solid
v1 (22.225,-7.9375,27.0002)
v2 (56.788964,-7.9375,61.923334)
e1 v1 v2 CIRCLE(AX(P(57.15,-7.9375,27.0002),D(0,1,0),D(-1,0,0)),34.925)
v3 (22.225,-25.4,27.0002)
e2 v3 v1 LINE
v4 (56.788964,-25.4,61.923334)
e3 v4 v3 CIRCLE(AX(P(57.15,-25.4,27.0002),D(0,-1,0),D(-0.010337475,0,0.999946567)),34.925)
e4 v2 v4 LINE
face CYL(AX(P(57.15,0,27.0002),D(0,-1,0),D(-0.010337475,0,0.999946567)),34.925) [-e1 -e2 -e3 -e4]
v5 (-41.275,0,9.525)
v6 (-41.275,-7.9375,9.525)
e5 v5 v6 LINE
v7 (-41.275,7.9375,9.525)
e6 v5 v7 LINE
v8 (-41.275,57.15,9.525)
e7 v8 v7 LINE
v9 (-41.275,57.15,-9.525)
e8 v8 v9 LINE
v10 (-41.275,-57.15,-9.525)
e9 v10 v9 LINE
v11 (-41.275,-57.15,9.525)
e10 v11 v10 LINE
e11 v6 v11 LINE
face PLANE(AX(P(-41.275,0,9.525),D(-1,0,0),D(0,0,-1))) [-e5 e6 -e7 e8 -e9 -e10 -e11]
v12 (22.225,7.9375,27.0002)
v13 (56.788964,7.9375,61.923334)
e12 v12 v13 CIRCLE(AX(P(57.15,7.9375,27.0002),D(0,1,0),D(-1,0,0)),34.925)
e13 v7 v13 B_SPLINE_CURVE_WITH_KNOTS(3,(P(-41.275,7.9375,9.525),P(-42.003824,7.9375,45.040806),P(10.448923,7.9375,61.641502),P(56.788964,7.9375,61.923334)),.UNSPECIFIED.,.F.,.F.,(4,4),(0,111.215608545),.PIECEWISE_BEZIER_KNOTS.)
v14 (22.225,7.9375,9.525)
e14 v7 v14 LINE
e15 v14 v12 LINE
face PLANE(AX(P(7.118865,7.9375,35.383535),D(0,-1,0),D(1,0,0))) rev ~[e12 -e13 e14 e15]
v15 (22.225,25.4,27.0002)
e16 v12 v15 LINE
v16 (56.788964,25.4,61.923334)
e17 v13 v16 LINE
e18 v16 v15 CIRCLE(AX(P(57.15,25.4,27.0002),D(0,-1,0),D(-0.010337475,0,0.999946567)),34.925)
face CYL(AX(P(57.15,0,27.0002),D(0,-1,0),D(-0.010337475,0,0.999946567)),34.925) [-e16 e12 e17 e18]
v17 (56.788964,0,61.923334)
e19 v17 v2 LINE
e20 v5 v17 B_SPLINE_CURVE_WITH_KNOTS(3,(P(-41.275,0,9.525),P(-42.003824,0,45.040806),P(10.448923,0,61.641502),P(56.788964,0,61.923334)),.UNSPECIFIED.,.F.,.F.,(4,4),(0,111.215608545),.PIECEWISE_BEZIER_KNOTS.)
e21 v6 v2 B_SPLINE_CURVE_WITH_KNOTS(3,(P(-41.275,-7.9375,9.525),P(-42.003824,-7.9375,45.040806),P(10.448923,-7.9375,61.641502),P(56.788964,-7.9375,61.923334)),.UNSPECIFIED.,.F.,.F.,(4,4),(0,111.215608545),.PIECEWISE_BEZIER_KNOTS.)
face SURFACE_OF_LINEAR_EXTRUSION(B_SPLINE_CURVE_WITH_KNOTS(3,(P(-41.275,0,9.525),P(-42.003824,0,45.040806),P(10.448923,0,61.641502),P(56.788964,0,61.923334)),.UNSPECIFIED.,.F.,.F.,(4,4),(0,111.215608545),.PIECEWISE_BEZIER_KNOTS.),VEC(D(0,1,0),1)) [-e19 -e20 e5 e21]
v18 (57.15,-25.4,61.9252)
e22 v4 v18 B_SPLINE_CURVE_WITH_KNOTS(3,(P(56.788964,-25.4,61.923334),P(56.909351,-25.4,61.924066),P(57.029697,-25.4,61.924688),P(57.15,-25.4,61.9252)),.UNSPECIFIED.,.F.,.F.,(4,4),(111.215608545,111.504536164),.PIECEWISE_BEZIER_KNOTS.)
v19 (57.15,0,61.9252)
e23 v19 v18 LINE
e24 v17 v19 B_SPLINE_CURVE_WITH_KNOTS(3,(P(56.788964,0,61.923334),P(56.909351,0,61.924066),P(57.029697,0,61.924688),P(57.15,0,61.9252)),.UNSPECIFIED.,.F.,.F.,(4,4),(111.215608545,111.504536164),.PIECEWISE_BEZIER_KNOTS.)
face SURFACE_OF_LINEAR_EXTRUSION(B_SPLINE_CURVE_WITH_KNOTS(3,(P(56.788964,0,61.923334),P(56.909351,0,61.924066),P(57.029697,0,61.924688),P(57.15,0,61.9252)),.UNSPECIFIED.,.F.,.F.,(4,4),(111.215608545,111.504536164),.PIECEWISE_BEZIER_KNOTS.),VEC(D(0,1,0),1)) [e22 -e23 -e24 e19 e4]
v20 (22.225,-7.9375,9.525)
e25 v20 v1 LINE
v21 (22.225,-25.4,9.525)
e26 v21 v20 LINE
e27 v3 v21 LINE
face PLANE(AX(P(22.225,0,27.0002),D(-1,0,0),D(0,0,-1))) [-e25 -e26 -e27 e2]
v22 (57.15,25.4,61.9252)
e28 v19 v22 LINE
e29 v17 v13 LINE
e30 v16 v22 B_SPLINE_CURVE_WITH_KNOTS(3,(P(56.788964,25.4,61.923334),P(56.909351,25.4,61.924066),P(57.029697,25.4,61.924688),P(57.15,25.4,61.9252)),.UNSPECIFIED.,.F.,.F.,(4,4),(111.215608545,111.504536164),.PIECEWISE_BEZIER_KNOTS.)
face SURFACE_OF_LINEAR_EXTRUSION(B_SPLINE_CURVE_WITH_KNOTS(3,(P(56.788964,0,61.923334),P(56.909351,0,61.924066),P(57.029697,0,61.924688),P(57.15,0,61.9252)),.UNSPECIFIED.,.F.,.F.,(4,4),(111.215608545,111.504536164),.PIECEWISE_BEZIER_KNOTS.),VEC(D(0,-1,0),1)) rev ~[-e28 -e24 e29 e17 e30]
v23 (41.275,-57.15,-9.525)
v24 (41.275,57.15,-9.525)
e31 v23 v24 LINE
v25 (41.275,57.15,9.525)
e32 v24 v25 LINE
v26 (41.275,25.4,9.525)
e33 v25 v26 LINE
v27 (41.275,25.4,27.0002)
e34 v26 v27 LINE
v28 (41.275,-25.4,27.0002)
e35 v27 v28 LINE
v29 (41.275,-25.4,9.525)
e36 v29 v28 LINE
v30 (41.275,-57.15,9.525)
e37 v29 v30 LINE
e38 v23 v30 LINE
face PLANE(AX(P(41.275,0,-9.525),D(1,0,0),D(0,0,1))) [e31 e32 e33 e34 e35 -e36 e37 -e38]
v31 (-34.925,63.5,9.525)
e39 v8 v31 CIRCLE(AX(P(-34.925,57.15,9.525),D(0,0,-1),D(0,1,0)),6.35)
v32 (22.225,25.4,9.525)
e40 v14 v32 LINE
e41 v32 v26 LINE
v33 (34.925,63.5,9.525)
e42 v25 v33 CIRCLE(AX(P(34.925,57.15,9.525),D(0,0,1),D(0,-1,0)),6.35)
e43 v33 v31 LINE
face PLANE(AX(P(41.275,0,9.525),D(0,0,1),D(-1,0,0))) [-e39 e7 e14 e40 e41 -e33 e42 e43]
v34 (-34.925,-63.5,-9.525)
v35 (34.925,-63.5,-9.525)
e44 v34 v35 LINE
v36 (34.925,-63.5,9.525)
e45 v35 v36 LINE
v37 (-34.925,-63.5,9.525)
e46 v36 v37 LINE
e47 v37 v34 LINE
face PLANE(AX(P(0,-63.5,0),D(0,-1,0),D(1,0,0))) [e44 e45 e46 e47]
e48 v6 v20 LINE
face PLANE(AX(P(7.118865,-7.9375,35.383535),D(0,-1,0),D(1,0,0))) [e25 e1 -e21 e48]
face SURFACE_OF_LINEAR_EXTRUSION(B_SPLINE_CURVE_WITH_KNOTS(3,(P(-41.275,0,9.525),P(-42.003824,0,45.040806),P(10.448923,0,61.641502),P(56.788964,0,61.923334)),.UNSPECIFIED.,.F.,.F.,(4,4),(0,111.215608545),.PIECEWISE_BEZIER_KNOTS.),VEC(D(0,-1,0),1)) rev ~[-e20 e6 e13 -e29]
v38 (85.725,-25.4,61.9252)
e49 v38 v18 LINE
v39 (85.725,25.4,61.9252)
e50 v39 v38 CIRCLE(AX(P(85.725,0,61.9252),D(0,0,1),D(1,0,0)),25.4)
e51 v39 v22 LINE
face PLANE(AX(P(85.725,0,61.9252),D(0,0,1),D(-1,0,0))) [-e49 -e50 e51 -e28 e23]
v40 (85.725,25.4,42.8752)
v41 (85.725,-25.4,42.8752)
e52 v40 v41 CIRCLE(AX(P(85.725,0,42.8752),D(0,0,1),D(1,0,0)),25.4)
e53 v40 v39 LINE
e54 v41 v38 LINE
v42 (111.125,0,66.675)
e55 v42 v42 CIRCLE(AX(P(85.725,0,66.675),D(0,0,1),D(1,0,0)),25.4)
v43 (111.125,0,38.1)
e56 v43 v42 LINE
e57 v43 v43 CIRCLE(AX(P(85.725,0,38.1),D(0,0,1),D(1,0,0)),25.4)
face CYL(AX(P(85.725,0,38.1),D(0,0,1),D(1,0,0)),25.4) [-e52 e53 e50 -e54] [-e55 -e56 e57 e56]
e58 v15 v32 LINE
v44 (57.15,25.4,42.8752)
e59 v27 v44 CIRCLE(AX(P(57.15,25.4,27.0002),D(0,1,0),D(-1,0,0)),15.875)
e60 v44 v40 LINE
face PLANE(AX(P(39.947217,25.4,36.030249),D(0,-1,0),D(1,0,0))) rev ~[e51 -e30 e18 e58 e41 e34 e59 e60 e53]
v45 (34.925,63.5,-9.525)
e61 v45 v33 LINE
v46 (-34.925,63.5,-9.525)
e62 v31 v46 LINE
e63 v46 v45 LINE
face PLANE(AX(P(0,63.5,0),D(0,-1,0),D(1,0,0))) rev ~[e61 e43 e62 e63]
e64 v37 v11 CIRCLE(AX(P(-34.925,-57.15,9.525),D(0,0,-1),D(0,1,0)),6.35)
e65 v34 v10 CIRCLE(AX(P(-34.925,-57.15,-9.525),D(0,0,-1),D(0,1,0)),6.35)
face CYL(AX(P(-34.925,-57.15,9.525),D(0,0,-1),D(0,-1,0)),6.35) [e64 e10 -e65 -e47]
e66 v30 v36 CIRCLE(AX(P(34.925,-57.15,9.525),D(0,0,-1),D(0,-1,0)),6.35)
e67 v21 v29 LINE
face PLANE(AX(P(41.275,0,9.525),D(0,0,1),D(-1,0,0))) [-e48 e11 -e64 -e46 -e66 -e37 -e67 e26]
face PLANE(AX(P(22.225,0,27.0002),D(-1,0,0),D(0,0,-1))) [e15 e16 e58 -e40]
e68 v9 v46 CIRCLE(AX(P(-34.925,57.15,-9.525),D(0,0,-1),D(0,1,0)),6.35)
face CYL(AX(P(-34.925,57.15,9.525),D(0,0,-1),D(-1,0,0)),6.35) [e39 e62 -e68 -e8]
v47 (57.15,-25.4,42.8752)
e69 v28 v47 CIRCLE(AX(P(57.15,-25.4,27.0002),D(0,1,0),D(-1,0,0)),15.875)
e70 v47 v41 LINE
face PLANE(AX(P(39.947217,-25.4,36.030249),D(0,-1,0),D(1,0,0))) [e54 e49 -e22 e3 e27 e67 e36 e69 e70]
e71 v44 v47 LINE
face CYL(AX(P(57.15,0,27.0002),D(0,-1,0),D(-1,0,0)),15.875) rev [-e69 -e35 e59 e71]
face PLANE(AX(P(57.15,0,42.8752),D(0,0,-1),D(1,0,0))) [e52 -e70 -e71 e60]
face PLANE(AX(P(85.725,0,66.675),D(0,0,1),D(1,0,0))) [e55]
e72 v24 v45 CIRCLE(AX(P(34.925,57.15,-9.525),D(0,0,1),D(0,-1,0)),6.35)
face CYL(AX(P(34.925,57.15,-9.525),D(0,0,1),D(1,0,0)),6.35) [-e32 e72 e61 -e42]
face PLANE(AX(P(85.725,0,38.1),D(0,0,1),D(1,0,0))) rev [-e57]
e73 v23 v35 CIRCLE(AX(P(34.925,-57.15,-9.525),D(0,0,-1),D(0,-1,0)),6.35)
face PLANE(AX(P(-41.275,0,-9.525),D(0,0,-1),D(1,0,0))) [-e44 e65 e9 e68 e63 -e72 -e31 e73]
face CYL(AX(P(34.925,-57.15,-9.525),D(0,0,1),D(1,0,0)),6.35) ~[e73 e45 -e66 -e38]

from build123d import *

# Parameters (mm, degrees)
F1_DEPTH = 63.5
F0_W     = 25.4
F0_H     = 19.05
F2_DEPTH = 25.4
F4_R     = 6.35
F5_DEPTH = 7.9375


with BuildPart() as f1:
    # F0 (on Front) → F1 (new body, symmetric)
    with BuildSketch(Plane.XZ):
        Polygon((41.275, -9.525), (41.275, 9.525), (22.225, 9.525), (-41.275, 9.525), (-41.275, -9.525), align=None)
    extrude(amount=F1_DEPTH, both=True)

    # F0 (on Front) → F2 (join, symmetric)
    with BuildSketch(Plane.XZ):
        with BuildLine():
            Line((22.225, 9.525), (41.275, 9.525))
            Line((41.275, 9.525), (41.275, 27.0002))
            ThreePointArc((41.275, 27.0002), (45.9246798487, 38.2255201513), (57.15, 42.8752))
            Line((57.15, 42.8752), (60.325, 42.8752))
            Line((60.325, 42.8752), (60.325, 61.9252))
            Line((60.325, 61.9252), (57.15, 61.9252))
            add(Edge.make_bspline(
                [(56.7889636958, 61.9233338483), (56.9093507324, 61.9240660215), (57.0296965137, 61.9246880569), (57.15, 61.9252)],
                knots=[111.215608545, 111.215608545, 111.215608545, 111.215608545, 111.5045361635, 111.5045361635, 111.5045361635, 111.5045361635], degree=3))
            ThreePointArc((56.7889636958, 61.9233338483), (32.3269782468, 51.567927124), (22.225, 27.0002))
            Line((22.225, 27.0002), (22.225, 9.525))
        make_face()
        with Locations((73.025, 52.4002)):
            Rectangle(F0_W, F0_H)
    extrude(amount=F2_DEPTH, both=True)

    # F0 (on Front) → F3 (revolve)
    with BuildSketch(Plane.XZ):
        Polygon((85.725, 61.9252), (85.725, 42.8752), (85.725, 38.1), (111.125, 38.1), (111.125, 66.675), (85.725, 66.675), align=None)
    revolve(axis=Axis((85.725, 0, 52.3875), (0, 0, 1)))

    # F4
    f4_edges = [f1.edges().sort_by_distance(p)[0] for p in [
        (41.275, -63.5, 0),
        (-41.275, -63.5, 0),
        (41.275, 63.5, 0),
        (-41.275, 63.5, 0),
    ]]
    fillet(f4_edges, radius=F4_R)

    # F0 (on Front) → F5 (join, symmetric)
    with BuildSketch(Plane.XZ):
        with BuildLine():
            Line((-41.275, 9.525), (22.225, 9.525))
            Line((22.225, 9.525), (22.225, 27.0002))
            ThreePointArc((22.225, 27.0002), (32.3269782468, 51.567927124), (56.7889636958, 61.9233338483))
            add(Edge.make_bspline(
                [(-41.275, 9.525), (-42.0038243378, 45.0408061819), (10.4489232116, 61.6415017024), (56.7889636958, 61.9233338483)],
                knots=[0, 0, 0, 0, 111.215608545, 111.215608545, 111.215608545, 111.215608545], degree=3))
        make_face()
    extrude(amount=F5_DEPTH, both=True)


solid = f1.part
